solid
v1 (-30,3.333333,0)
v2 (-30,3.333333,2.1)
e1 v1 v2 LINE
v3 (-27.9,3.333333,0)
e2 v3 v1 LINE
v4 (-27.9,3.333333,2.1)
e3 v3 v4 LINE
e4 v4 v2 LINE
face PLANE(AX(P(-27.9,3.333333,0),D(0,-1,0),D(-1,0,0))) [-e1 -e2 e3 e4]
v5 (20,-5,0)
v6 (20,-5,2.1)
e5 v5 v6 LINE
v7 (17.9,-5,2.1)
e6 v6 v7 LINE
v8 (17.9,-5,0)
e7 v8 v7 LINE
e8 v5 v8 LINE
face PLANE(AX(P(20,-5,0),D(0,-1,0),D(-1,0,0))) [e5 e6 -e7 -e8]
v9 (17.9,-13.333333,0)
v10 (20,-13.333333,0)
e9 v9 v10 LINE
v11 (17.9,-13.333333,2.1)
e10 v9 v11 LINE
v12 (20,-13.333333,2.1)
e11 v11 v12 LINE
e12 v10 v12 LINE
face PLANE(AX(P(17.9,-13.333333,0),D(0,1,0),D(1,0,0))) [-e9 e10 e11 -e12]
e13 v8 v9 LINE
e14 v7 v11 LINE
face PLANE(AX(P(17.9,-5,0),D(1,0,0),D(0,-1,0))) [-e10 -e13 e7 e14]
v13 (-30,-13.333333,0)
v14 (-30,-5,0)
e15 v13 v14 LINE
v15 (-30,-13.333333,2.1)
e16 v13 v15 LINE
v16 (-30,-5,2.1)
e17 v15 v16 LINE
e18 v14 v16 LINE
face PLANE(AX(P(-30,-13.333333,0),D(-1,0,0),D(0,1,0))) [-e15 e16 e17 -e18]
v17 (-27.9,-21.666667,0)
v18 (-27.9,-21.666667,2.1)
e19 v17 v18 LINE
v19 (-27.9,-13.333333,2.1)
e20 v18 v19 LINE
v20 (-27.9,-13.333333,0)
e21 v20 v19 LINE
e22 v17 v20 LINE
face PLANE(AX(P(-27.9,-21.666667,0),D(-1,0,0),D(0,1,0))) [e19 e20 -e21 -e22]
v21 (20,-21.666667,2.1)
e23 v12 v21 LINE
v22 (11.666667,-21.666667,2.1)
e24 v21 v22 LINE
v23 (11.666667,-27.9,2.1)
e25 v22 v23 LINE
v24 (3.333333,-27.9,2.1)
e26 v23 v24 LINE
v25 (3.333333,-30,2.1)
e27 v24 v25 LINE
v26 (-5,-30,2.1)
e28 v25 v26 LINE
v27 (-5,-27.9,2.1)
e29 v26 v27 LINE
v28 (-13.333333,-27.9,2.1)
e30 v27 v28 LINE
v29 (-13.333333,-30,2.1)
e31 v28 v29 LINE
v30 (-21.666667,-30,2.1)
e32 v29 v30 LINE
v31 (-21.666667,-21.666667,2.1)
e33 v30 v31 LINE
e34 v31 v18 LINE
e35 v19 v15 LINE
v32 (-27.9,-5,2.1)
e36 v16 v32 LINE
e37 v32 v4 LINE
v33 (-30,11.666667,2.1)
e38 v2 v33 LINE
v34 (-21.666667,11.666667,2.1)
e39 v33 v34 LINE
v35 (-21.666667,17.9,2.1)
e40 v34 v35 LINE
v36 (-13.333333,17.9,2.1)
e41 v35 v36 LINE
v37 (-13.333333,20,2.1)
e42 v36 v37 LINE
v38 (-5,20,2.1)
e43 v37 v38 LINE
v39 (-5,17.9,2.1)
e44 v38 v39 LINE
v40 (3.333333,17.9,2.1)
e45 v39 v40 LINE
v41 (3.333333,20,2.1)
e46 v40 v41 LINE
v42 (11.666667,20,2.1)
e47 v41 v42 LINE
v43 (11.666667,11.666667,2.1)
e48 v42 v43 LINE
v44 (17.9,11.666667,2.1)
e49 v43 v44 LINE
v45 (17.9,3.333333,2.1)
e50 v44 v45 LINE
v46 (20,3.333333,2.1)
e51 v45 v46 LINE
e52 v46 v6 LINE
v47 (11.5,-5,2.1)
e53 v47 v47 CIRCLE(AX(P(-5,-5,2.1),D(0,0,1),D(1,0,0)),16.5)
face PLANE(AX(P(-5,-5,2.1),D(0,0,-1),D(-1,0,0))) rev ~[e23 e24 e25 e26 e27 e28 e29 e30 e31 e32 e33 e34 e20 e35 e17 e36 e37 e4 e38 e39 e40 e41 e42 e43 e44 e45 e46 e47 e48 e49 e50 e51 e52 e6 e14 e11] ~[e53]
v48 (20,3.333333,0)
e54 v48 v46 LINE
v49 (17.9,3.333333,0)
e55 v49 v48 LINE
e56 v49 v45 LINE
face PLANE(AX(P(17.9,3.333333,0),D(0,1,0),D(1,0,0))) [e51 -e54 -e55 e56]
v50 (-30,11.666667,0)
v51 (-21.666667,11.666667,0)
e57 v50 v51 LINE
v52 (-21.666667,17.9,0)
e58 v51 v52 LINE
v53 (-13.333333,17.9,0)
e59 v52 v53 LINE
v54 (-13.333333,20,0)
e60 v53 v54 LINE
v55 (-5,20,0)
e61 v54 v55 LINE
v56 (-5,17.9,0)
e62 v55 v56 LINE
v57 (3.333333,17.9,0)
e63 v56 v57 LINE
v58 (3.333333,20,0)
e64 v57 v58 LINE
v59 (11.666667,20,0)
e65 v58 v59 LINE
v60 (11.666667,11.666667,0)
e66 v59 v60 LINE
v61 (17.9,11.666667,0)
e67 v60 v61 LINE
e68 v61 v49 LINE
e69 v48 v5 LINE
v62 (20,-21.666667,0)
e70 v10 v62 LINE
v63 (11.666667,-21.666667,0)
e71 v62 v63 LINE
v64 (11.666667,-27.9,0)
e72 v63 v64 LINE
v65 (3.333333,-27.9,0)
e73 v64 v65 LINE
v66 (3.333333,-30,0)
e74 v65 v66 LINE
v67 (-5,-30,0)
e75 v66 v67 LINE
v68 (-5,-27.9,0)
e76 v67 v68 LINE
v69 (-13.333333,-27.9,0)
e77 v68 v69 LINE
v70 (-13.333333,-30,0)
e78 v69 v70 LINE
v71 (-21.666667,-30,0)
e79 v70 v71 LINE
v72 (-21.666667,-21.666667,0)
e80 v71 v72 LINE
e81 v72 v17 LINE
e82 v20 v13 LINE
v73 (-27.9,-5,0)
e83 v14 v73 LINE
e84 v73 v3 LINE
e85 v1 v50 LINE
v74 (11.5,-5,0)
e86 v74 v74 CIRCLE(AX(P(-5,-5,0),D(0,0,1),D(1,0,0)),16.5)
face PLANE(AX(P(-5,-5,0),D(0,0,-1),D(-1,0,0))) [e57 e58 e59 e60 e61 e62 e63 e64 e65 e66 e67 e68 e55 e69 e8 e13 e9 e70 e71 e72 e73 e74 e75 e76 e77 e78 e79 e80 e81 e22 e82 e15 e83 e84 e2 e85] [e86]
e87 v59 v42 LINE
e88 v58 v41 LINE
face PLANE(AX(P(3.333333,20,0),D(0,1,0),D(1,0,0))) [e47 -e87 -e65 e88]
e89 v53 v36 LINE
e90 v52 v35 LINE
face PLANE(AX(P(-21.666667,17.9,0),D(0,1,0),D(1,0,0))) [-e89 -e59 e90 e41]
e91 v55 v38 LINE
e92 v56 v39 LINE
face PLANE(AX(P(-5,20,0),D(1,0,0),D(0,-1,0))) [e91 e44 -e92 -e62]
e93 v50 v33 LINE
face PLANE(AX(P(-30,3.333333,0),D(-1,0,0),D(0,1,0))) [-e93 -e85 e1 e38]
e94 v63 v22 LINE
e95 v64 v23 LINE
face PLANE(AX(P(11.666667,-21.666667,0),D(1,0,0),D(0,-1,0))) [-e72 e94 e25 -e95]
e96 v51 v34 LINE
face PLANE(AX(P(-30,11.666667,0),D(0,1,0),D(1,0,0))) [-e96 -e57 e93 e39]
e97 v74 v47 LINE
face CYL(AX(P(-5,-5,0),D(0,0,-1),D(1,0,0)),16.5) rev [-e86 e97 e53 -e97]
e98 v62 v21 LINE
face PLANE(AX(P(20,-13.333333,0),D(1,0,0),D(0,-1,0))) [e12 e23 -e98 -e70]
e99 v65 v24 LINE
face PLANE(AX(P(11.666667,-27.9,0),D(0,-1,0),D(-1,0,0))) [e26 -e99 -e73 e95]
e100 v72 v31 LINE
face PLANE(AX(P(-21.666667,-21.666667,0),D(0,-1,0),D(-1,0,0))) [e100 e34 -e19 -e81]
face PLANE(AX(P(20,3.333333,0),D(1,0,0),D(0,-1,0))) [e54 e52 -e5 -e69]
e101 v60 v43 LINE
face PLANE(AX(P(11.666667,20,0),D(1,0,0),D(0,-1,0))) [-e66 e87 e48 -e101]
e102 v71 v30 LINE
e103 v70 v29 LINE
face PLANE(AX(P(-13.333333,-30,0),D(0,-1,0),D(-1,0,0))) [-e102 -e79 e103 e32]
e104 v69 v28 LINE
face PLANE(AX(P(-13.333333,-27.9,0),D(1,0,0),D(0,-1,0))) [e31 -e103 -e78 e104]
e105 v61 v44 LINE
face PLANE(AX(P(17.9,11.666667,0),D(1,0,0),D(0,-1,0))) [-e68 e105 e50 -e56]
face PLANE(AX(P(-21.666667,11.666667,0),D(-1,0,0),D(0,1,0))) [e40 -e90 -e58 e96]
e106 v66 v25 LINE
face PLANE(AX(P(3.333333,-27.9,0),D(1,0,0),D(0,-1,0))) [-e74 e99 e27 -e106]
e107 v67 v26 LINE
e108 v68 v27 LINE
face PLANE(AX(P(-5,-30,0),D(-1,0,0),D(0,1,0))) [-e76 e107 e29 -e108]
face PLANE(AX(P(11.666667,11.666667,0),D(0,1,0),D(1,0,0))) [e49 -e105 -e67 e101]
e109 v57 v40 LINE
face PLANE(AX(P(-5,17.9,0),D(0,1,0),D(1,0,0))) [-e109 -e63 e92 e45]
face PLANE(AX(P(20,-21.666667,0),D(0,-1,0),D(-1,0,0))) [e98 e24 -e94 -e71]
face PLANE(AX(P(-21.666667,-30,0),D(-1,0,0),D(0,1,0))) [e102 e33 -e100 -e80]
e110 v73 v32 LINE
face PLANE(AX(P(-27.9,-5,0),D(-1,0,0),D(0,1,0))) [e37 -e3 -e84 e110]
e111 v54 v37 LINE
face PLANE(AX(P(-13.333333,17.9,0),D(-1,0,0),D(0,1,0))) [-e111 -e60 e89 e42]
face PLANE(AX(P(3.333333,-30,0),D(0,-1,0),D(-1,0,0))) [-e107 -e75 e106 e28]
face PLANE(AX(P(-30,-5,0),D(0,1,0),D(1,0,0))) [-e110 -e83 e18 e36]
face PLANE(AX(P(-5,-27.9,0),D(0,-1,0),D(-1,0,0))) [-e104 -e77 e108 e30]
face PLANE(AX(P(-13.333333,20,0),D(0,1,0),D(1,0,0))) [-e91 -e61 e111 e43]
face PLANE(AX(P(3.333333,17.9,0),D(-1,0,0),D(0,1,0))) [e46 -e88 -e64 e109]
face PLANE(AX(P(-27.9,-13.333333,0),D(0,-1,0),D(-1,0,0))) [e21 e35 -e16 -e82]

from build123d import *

# Parameters (mm, degrees)
SKETCH2_R           = 16.5
BOSS_EXTRUDE1_DEPTH = 2.1


with BuildPart() as part:
    # Sketch2 → Boss-Extrude1 (new body)
    with BuildSketch(Plane.XY):
        Polygon((-30, 11.666666667), (-21.666666667, 11.666666667), (-21.666666667, 17.9), (-13.333333333, 17.9), (-13.333333333, 20), (-5, 20), (-5, 17.9), (3.333333333, 17.9), (3.333333333, 20), (11.666666667, 20), (11.666666667, 11.666666667), (17.9, 11.666666667), (17.9, 3.333333333), (20, 3.333333333), (20, -5), (17.9, -5), (17.9, -13.333333333), (20, -13.333333333), (20, -21.666666667), (11.666666667, -21.666666667), (11.666666667, -27.9), (3.333333333, -27.9), (3.333333333, -30), (-5, -30), (-5, -27.9), (-13.333333333, -27.9), (-13.333333333, -30), (-21.666666667, -30), (-21.666666667, -21.666666667), (-27.9, -21.666666667), (-27.9, -13.333333333), (-30, -13.333333333), (-30, -5), (-27.9, -5), (-27.9, 3.333333333), (-30, 3.333333333), align=None)
        with Locations((-5, -5)):
            Circle(SKETCH2_R, mode=Mode.SUBTRACT)
    extrude(amount=BOSS_EXTRUDE1_DEPTH)


solid = part.part
